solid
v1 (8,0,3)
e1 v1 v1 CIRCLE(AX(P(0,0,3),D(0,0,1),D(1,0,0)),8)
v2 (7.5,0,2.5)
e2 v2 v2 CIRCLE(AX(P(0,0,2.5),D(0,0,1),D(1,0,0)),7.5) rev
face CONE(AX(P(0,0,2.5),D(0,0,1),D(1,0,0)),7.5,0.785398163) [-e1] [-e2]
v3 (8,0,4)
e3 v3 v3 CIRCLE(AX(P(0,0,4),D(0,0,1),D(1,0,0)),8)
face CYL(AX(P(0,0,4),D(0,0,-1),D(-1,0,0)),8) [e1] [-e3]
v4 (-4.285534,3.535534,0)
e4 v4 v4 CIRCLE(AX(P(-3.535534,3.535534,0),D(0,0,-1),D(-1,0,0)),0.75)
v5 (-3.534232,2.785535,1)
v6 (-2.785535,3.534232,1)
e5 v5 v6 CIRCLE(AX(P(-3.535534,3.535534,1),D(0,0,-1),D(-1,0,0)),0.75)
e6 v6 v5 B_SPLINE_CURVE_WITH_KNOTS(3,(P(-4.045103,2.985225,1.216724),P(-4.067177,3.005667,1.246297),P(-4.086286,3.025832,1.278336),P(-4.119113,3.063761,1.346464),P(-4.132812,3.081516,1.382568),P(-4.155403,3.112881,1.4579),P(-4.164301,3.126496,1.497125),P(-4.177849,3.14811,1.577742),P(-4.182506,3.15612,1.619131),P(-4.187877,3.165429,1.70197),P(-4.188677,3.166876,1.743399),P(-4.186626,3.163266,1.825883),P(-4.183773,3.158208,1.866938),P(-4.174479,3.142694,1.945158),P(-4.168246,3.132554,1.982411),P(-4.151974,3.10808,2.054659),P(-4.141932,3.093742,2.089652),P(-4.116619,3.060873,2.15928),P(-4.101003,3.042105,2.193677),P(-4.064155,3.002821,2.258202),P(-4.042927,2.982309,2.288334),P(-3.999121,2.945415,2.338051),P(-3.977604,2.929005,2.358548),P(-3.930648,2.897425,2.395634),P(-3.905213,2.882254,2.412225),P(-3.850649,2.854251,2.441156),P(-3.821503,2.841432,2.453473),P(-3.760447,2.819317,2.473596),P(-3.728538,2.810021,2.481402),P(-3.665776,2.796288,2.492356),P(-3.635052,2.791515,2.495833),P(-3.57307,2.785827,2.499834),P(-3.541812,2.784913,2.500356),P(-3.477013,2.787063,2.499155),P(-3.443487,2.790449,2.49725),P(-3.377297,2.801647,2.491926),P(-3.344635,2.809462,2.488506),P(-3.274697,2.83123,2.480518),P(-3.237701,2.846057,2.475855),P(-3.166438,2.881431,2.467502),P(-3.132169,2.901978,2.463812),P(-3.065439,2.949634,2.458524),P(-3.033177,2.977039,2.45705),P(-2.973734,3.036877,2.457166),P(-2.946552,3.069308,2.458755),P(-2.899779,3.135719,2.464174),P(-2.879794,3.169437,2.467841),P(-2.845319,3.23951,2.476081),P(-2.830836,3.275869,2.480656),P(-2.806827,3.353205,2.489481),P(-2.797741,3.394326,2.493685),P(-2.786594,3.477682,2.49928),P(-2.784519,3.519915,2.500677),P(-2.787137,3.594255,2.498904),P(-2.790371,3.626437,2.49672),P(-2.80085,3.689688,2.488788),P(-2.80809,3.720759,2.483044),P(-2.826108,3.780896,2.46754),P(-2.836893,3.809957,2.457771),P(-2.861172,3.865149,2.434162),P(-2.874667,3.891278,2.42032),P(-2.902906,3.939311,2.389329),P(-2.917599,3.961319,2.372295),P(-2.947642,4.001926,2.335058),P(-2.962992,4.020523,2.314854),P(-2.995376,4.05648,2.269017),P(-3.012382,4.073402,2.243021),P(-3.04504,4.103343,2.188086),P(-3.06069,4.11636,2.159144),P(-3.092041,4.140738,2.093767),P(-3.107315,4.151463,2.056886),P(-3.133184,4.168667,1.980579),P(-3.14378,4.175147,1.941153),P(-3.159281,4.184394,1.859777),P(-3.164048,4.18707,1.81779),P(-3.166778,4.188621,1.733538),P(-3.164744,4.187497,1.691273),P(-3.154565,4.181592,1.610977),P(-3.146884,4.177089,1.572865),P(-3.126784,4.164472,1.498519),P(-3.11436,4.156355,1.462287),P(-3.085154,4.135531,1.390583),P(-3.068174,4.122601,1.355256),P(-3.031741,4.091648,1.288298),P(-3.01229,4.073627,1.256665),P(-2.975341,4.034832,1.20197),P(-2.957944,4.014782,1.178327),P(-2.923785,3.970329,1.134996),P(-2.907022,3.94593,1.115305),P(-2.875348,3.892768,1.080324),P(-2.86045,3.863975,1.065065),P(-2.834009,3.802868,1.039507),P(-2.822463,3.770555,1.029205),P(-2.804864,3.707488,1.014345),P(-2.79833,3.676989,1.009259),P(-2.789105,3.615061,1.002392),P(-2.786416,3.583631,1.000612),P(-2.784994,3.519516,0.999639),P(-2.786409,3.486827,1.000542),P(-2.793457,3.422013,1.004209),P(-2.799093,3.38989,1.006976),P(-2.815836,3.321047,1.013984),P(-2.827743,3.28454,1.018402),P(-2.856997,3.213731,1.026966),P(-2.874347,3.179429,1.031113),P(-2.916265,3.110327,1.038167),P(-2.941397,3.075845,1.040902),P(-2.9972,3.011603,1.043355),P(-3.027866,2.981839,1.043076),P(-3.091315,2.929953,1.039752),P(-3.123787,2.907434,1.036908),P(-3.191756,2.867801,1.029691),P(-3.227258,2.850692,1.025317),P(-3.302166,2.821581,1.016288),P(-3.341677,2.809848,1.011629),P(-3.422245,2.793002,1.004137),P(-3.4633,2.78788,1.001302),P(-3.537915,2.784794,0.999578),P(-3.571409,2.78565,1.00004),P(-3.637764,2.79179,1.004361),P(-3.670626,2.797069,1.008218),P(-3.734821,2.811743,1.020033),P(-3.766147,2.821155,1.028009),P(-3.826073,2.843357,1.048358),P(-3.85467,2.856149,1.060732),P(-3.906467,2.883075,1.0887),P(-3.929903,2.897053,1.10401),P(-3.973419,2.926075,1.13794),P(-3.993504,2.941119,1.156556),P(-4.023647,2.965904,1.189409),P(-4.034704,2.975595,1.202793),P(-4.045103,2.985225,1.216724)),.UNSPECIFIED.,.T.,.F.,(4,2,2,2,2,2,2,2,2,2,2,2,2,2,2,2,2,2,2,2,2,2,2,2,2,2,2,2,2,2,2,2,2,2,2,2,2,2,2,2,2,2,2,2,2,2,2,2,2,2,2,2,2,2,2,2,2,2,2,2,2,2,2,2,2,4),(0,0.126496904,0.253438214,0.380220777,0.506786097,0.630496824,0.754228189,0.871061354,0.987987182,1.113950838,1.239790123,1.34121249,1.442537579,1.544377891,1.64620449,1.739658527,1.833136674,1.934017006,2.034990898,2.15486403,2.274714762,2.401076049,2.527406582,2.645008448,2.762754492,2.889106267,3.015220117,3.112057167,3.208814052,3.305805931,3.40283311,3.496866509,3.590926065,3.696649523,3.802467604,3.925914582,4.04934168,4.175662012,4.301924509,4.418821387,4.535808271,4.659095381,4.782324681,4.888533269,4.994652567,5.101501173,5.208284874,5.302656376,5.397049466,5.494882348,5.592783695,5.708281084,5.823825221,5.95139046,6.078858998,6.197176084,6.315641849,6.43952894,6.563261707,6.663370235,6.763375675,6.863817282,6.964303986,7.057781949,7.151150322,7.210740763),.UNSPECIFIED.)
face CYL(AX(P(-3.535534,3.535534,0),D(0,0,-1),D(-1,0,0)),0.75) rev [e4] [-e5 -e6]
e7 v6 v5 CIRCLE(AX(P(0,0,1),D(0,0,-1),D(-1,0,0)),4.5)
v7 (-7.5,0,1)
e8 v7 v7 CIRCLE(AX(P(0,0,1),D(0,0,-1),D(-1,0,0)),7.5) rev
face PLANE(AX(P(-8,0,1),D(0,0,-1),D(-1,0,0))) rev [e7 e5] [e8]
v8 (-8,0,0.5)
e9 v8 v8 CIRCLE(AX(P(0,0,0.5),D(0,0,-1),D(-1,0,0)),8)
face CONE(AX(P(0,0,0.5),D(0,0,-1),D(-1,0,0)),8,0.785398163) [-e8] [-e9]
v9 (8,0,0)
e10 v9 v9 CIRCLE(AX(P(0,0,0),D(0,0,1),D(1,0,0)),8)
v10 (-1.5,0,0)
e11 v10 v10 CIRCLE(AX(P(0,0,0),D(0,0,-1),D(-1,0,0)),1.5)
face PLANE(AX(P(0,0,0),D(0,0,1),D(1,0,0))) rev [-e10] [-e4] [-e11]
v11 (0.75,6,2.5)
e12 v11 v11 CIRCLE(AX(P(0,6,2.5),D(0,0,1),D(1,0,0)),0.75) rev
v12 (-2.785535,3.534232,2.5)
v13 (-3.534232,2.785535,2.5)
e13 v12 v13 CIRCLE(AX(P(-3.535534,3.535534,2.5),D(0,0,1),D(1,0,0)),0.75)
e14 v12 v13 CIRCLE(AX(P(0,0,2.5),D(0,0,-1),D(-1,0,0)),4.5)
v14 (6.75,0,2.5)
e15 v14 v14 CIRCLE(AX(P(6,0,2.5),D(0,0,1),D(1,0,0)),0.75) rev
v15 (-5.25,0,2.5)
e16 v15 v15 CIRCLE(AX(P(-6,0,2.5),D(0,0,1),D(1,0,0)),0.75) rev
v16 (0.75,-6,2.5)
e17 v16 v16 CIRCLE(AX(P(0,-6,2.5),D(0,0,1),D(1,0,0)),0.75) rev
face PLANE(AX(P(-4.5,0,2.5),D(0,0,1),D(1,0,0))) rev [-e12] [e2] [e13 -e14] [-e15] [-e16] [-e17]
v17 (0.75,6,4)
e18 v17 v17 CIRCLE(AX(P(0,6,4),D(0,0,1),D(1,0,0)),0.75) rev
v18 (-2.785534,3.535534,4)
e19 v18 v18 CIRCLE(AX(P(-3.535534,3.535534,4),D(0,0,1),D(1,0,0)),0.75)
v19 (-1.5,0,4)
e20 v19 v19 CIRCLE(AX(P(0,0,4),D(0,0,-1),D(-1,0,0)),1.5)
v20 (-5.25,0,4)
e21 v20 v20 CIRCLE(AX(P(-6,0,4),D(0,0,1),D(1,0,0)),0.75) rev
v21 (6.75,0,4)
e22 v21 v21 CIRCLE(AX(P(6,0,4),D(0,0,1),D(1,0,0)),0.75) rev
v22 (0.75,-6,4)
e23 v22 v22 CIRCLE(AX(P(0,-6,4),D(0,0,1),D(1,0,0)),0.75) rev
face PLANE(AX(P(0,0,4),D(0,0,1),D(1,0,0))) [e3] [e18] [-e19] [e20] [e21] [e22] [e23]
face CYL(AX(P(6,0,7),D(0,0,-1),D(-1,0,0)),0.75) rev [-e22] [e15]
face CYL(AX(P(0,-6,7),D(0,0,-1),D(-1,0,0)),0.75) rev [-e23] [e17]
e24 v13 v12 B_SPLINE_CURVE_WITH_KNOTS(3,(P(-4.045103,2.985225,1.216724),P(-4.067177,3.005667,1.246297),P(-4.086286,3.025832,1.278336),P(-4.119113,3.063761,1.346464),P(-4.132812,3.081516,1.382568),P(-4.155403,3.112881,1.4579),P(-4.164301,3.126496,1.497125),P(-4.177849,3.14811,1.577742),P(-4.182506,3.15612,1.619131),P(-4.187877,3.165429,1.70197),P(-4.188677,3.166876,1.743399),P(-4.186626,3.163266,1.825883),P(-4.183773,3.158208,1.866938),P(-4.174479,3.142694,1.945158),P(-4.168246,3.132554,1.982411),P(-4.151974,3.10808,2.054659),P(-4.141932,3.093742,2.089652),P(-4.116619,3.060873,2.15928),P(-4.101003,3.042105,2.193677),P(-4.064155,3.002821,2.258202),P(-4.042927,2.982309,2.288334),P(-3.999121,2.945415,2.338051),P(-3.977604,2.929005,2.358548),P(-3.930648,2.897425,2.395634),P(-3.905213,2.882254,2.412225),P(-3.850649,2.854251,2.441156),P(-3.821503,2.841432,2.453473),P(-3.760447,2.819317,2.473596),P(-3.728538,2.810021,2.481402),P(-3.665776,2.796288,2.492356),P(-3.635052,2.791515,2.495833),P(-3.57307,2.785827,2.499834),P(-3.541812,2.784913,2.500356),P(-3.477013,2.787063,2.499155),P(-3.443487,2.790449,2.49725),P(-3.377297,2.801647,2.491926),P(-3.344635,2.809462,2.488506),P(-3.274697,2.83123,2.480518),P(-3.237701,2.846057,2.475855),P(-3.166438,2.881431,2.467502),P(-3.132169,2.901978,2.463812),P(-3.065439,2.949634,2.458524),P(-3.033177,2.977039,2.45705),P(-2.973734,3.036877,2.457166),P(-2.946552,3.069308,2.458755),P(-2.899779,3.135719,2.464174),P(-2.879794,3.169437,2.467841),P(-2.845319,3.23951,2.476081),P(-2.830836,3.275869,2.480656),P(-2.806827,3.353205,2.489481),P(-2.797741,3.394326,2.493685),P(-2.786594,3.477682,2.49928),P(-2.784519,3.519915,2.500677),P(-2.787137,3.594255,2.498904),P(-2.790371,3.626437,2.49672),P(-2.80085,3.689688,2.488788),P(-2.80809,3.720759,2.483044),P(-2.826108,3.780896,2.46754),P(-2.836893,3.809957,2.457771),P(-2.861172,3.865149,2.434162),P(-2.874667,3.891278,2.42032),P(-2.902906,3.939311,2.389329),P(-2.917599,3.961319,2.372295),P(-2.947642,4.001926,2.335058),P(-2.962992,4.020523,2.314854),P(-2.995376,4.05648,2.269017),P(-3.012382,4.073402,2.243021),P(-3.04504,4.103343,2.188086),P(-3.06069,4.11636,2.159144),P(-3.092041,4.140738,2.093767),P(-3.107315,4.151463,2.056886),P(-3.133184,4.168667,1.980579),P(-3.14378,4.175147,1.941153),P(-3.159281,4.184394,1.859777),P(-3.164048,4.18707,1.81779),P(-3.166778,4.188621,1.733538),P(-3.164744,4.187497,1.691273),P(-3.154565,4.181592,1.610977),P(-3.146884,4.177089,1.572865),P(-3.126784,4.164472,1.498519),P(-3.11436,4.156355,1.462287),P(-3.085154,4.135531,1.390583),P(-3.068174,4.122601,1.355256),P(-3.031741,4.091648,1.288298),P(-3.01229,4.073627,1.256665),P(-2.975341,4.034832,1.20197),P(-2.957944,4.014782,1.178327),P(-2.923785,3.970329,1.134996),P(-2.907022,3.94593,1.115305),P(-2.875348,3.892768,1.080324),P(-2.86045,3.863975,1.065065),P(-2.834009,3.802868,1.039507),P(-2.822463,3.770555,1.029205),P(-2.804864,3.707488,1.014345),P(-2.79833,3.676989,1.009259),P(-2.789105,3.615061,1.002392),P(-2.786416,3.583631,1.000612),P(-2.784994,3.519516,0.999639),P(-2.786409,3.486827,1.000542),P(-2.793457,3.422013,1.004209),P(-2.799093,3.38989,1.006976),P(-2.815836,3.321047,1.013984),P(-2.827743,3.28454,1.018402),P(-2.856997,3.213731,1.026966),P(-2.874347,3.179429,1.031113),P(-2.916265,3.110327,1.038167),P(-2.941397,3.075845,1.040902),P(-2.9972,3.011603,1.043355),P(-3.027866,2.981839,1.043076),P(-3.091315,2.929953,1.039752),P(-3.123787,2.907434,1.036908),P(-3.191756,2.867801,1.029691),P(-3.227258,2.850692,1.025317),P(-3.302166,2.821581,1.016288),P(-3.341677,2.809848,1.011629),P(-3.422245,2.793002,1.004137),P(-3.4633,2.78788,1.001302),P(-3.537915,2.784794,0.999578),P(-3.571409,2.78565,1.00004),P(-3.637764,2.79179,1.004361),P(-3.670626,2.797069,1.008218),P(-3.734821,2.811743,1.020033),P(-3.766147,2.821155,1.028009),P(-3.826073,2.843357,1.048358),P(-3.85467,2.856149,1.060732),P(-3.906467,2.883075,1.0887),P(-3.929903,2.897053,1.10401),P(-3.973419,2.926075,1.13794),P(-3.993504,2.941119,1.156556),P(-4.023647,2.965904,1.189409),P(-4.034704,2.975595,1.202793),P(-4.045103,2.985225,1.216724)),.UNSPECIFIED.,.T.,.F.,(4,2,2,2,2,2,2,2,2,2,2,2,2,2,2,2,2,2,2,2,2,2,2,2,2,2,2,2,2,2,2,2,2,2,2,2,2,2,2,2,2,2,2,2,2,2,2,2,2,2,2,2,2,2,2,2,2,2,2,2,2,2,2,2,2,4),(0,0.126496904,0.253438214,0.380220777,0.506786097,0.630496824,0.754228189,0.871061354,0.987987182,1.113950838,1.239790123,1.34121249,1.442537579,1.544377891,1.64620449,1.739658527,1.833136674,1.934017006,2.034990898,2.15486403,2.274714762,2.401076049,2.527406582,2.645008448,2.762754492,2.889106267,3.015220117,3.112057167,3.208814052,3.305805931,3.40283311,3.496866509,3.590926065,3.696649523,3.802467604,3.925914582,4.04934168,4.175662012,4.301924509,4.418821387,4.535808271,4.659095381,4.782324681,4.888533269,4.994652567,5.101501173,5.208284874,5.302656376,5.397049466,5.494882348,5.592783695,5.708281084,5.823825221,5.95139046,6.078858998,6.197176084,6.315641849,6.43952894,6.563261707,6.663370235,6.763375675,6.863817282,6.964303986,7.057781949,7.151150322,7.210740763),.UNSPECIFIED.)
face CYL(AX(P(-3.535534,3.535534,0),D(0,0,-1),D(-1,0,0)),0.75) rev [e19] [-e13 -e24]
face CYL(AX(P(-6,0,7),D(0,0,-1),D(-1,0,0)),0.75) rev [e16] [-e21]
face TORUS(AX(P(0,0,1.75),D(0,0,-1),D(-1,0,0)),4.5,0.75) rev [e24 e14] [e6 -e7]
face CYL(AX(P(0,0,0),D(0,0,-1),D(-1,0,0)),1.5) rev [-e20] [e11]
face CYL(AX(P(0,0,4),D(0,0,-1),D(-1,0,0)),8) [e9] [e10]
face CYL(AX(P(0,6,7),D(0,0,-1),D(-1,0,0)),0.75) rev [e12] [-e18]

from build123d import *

# Parameters (mm, degrees)
SKIZZE2_R                        = 8
AUFSATZ_LINEAR_AUSTRAGEN1_DEPTH  = 4
F_3_0_3_DURCHMESSER_BOHRUNG1_D   = 3
SKIZZE8_R                        = 0.75
AUFSATZ_LINEAR_AUSTRAGEN2_DEPTH  = 2
F_1_5_1_5_DURCHMESSER_BOHRUNG1_D = 1.5
FASE1_SIZE                       = 0.5
FASE2_SIZE                       = 0.3
SKIZZE16_R                       = 0.75
SCHNITT_LINEAR_AUSTRAGEN1_DEPTH  = 5


with BuildPart() as part:
    # Skizze2 → Aufsatz-Linear austragen1 (new body)
    with BuildSketch(Plane.XY):
        Circle(SKIZZE2_R)
    extrude(amount=AUFSATZ_LINEAR_AUSTRAGEN1_DEPTH)

    # Ø3.0 (3) Durchmesser Bohrung1 (through all)
    with Locations(Plane(origin=(0, 0, 0), x_dir=(-1, 0, 0), z_dir=(0, 0, -1))):
        with Locations((0, 0)):
            Hole(F_3_0_3_DURCHMESSER_BOHRUNG1_D / 2)

    # Skizze9 → Schnitt-Rotation2 (revolve, cut)
    with BuildSketch(Plane(origin=(0, 0, 0), x_dir=(1, 0, 0), z_dir=(0, 1, 0))):
        with BuildLine():
            Line((-4.5, -2.5), (-8, -2.5))
            Line((-8, -2.5), (-8, -1))
            Line((-8, -1), (-4.5, -1))
            ThreePointArc((-4.5, -1), (-3.75, -1.75), (-4.5, -2.5))
        make_face()
    revolve(axis=Axis((0, 0, 0), (0, 0, 1)), mode=Mode.SUBTRACT)

    # Skizze8 → Aufsatz-Linear austragen2 (add)
    with BuildSketch(Plane.XY.offset(4)):
        with Locations((0, 6)):
            Circle(SKIZZE8_R)
        with Locations((6, 0)):
            Circle(SKIZZE8_R)
        with Locations((0, -6)):
            Circle(SKIZZE8_R)
        with Locations((-6, 0)):
            Circle(SKIZZE8_R)
    extrude(amount=AUFSATZ_LINEAR_AUSTRAGEN2_DEPTH)

    # Ø1.5 (1.5) Durchmesser Bohrung1 (through all)
    with Locations(Plane(origin=(0, 0, 0), x_dir=(1, 0, 0), z_dir=(0, 0, -1))):
        with Locations((-3.535533906, -3.535533906)):
            Hole(F_1_5_1_5_DURCHMESSER_BOHRUNG1_D / 2)

    # Fase1
    fase1_edges = [part.edges().sort_by_distance(p)[0] for p in [
        (-8, 0, 2.5),
        (-8, 0, 1),
    ]]
    chamfer(fase1_edges, length=FASE1_SIZE)

    # Fase2
    fase2_edges = [part.edges().sort_by_distance(p)[0] for p in [
        (-0.75, 6, 6),
        (5.25, 0, 6),
        (-0.75, -6, 6),
        (-6.75, 0, 6),
    ]]
    chamfer(fase2_edges, length=FASE2_SIZE)

    # Skizze16 → Schnitt-Linear austragen1 (cut)
    with BuildSketch(Plane.XY.offset(2)):
        with Locations((0, 6)):
            Circle(SKIZZE16_R)
        with Locations((6, 0)):
            Circle(SKIZZE16_R)
        with Locations((0, -6)):
            Circle(SKIZZE16_R)
        with Locations((-6, 0)):
            Circle(SKIZZE16_R)
    extrude(amount=SCHNITT_LINEAR_AUSTRAGEN1_DEPTH, mode=Mode.SUBTRACT)


solid = part.part
